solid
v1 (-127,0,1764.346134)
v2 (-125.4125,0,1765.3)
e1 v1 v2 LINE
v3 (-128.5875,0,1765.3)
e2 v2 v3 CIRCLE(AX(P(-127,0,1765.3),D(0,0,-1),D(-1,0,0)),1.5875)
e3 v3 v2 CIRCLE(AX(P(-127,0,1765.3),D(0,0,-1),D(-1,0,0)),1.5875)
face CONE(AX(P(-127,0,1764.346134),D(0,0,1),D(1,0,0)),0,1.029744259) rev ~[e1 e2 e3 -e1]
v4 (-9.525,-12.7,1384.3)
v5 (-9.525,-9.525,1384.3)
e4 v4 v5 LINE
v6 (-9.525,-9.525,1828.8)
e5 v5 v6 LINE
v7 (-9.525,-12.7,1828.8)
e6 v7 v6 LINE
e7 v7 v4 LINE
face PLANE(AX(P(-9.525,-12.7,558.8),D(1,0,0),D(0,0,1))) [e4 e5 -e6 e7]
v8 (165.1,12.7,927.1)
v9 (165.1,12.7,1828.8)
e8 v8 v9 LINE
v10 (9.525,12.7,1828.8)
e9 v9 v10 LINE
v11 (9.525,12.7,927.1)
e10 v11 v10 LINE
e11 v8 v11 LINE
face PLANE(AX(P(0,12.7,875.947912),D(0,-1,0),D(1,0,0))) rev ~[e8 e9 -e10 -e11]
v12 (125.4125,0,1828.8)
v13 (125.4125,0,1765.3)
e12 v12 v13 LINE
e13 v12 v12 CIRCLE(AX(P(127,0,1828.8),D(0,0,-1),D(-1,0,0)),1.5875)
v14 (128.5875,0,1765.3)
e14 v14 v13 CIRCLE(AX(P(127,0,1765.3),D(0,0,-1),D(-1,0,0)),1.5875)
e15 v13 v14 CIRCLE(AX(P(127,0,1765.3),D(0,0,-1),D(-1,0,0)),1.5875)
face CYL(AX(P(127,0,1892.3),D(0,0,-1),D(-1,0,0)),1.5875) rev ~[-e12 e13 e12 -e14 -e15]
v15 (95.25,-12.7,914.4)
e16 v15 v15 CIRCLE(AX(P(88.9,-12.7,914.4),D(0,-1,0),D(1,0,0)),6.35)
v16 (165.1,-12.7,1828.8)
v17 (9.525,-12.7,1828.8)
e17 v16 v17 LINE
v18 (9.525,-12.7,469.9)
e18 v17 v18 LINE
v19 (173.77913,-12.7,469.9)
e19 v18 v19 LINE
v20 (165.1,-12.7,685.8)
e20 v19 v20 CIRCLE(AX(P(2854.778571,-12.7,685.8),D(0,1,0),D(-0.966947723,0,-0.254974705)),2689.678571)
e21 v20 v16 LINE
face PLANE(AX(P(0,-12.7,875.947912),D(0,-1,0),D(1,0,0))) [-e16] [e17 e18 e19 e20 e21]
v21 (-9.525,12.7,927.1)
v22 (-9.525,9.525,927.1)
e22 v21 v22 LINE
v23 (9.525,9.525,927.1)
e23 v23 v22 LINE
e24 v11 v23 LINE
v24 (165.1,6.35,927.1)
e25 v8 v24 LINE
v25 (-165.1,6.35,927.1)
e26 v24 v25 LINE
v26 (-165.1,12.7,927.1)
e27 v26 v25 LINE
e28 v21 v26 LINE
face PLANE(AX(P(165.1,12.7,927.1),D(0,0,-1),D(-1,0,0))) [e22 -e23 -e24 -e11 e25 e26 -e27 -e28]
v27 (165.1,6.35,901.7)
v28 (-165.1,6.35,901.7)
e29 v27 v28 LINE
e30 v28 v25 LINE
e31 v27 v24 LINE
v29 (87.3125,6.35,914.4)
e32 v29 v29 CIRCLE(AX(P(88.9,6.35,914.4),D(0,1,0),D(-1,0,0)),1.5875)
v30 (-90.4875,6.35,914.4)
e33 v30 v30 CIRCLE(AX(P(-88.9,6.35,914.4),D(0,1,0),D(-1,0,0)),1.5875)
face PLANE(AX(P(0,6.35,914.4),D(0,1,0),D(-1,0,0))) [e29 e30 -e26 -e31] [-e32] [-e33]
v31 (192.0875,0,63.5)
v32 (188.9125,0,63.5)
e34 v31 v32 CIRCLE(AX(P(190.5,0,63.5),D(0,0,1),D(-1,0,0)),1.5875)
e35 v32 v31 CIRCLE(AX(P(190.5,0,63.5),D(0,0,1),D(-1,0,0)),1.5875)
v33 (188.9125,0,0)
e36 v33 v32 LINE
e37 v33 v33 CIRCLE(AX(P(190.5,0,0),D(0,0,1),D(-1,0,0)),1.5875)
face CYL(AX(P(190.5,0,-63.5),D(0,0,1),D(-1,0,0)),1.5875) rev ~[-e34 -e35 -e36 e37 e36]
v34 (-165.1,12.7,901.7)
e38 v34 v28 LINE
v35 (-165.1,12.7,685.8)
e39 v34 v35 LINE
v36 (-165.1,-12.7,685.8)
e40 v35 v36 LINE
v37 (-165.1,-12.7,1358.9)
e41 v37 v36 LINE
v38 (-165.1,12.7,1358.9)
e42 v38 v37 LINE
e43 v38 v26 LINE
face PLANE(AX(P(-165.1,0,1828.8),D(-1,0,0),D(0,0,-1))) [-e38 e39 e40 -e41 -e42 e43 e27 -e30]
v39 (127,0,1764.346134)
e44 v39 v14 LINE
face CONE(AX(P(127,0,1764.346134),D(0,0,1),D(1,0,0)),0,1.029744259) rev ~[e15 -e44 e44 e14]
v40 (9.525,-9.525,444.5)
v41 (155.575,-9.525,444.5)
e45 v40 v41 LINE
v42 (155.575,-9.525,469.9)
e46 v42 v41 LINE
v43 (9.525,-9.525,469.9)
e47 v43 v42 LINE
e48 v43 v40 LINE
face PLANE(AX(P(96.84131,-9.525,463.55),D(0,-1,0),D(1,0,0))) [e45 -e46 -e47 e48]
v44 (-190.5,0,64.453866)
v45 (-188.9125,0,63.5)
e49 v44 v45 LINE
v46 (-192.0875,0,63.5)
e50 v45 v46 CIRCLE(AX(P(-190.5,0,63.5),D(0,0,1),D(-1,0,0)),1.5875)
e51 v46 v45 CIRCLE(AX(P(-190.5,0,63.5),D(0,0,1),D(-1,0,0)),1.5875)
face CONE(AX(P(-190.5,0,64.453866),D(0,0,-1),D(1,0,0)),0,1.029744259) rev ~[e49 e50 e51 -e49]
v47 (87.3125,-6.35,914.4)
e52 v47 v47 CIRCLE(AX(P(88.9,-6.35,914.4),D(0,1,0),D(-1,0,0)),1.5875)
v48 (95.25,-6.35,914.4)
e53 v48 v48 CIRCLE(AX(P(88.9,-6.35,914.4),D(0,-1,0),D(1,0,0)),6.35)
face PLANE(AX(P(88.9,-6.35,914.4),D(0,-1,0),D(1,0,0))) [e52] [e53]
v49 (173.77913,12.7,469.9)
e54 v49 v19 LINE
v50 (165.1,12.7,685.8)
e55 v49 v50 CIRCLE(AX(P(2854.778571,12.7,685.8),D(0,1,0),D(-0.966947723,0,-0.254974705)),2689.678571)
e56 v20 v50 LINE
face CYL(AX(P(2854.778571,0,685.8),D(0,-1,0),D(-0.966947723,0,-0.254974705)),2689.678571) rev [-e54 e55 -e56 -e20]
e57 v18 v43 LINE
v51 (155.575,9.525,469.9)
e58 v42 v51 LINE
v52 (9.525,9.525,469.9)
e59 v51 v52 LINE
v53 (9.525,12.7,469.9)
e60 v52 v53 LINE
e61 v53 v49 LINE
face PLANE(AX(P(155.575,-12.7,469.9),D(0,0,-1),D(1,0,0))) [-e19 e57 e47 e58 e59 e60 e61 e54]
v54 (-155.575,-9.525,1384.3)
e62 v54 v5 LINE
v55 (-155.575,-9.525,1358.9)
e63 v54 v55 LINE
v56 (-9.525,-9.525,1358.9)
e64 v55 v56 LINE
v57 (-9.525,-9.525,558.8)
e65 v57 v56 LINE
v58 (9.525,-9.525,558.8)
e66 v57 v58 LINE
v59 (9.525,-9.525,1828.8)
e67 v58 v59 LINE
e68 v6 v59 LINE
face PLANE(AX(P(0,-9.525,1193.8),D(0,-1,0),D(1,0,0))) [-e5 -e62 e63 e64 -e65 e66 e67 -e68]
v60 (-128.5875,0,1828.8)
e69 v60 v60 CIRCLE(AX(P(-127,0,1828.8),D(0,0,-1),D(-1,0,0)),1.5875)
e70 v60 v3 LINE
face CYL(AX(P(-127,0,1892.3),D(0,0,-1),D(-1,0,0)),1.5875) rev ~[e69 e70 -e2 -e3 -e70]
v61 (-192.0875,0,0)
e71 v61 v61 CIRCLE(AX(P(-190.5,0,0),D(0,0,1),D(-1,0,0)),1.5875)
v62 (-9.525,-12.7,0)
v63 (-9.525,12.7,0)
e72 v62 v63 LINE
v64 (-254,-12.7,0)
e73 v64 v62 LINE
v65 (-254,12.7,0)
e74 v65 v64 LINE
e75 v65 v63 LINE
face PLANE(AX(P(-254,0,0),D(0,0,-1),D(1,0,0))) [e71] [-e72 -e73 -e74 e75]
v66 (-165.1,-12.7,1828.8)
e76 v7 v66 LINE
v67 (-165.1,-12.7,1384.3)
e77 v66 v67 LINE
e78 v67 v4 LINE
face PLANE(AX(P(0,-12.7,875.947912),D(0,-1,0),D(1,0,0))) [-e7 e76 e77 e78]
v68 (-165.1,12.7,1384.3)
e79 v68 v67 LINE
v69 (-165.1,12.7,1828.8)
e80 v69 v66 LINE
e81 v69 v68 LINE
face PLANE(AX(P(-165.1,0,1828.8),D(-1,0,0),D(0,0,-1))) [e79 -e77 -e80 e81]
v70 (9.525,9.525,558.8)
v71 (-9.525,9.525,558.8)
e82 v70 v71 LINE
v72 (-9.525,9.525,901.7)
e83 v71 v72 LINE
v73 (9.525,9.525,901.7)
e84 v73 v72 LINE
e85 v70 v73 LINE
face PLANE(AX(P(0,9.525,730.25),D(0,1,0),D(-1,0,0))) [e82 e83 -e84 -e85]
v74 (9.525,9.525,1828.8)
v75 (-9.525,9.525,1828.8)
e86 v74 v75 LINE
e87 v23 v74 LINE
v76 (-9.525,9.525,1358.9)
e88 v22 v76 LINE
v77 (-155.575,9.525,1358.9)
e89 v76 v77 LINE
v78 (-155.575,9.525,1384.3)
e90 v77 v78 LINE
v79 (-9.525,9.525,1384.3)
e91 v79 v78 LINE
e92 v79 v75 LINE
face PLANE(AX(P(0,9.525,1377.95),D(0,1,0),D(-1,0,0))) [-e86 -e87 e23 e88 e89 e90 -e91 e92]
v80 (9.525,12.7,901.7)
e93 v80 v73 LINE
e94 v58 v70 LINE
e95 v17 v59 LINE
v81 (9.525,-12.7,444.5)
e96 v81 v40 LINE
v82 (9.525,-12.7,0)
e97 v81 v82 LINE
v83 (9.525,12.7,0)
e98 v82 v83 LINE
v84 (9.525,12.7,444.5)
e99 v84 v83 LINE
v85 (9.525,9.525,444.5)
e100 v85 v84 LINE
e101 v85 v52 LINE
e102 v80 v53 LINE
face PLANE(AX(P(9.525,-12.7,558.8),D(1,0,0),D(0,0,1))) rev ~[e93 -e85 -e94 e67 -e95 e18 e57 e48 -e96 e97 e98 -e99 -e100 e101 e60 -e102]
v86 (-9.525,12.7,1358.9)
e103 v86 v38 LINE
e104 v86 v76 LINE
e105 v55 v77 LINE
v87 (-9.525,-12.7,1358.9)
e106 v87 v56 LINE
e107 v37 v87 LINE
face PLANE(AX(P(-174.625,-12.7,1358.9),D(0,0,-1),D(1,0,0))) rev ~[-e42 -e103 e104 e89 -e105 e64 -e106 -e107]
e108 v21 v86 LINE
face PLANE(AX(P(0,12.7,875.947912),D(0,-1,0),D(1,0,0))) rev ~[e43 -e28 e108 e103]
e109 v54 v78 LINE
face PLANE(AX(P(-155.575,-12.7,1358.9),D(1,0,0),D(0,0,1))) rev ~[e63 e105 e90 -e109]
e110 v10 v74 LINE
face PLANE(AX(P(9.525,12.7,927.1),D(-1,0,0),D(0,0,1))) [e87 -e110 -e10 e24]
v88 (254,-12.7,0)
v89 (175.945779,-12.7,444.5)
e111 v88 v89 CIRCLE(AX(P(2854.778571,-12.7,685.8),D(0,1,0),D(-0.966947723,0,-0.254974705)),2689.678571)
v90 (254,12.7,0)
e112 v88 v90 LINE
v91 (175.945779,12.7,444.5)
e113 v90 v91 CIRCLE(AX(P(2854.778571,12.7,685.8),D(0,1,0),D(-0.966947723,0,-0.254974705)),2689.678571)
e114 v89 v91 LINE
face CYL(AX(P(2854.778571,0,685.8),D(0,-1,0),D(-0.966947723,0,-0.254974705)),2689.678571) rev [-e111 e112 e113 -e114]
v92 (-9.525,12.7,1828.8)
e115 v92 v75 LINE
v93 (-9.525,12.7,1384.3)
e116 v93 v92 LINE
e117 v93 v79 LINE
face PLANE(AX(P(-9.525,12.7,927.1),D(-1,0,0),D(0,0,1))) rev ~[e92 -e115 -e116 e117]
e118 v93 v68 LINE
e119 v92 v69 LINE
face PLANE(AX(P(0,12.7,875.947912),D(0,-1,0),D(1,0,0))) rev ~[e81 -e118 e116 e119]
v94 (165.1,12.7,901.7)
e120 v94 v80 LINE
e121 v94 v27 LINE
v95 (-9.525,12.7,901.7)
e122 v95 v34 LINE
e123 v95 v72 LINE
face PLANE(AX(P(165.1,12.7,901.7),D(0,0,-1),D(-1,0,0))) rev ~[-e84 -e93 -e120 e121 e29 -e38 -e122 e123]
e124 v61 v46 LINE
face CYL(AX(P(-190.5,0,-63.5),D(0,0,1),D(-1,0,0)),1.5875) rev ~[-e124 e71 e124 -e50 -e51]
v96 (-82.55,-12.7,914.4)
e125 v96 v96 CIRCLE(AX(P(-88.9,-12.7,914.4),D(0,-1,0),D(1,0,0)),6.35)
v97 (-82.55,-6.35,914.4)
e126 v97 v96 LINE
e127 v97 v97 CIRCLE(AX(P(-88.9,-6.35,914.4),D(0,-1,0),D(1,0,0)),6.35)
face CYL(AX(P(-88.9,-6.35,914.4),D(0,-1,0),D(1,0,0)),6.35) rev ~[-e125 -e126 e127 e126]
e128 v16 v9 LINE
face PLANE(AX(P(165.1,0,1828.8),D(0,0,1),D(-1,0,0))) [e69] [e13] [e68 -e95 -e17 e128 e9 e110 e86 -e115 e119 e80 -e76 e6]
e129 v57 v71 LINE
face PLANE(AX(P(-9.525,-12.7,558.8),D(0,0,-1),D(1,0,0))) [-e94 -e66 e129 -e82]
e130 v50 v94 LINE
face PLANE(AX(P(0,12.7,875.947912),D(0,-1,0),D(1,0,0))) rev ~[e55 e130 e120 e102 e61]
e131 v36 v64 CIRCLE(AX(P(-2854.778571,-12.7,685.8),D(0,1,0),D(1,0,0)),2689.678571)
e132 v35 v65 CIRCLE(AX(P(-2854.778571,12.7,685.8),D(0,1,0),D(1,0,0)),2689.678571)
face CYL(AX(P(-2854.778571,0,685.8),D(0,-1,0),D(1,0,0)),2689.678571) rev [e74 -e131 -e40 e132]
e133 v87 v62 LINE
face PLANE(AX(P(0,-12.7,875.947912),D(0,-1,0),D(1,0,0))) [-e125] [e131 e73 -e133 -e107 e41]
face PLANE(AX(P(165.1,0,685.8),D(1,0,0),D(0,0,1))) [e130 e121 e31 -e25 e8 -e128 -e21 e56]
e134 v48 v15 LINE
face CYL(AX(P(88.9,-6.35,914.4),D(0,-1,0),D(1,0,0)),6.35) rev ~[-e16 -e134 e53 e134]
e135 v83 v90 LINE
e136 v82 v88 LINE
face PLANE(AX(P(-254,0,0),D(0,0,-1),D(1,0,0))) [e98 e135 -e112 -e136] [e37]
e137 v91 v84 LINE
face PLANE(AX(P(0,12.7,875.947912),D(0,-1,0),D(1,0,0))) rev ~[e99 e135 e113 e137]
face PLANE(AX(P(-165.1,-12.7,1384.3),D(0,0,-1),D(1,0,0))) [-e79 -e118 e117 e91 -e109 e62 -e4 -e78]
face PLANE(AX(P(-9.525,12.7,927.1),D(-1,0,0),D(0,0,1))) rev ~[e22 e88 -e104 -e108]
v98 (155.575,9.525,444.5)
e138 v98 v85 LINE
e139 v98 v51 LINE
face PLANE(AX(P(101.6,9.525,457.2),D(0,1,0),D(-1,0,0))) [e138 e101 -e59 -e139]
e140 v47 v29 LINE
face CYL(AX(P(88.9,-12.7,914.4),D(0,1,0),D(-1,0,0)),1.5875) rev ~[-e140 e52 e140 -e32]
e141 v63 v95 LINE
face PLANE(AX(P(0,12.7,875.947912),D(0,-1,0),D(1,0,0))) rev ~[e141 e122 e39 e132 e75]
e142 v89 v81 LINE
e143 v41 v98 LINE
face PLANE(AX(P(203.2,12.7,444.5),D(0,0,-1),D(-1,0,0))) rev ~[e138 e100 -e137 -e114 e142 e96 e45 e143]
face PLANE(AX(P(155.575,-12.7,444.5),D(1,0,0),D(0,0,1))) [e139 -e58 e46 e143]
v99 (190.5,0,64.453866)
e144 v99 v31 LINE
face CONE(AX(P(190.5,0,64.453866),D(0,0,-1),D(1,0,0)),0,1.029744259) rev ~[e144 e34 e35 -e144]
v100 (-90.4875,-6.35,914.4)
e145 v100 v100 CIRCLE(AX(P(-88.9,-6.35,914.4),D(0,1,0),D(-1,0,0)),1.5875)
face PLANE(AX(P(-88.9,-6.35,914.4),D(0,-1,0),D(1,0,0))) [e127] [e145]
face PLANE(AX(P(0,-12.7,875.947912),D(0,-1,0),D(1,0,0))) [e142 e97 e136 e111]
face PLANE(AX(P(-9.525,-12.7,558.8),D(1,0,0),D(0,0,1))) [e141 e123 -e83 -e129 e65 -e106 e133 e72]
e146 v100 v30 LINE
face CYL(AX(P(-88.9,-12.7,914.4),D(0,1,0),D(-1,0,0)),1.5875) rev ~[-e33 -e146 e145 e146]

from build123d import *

# Parameters (mm, degrees)
F1_DEPTH       = 12.7
F28_W          = 19.05
F28_H          = 558.8
F29_DEPTH      = 25.4
F3_D           = 3.175
F3_DEPTH       = 63.5
F3_CBORE_D     = 12.7
F3_CBORE_DEPTH = 6.35
F3_TIP         = 0.9538662327
F5_D           = 3.175
F5_DEPTH       = 63.5
F5_TIP         = 0.9538662327
F7_D           = 3.175
F7_DEPTH       = 63.5
F7_TIP         = 0.9538662327
F8_W           = 330.2
F8_H           = 25.4
F9_DEPTH       = 6.35
F10_W          = 19.05
F10_H          = 1270
F11_DEPTH      = 3.175
F12_W          = 19.05
F12_H          = 342.9
F13_DEPTH      = 3.175
F14_W          = 19.05
F14_H          = 901.7
F15_DEPTH      = 3.175
F17_W          = 50.8
F17_H          = 25.4
F18_DEPTH      = 25.4
F16_W          = 193.68262
F16_H          = 12.7
F19_DEPTH      = 3.175
F20_W          = 203.2
F20_H          = 25.4
F21_DEPTH      = 3.175
F22_W          = 19.05
F22_H          = 25.4
F23_DEPTH      = 25.4
F24_W          = 158.75
F24_H          = 25.4
F25_DEPTH      = 3.175
F26_W          = 158.75
F26_H          = 25.4
F27_DEPTH      = 3.175


with BuildPart() as f1:
    # F0 (on Front) → F1 (new body, symmetric)
    with BuildSketch(Plane.XZ):
        with BuildLine():
            Line((165.1, 1828.8), (0, 1828.8))
            Line((0, 1828.8), (-165.1, 1828.8))
            Line((-165.1, 1828.8), (-165.1, 685.8))
            ThreePointArc((-165.1, 685.8), (-187.4175900274, 340.0309838924), (-254, 0))
            Line((-254, 0), (0, 0))
            Line((0, 0), (254, 0))
            ThreePointArc((254, 0), (187.4175900273, 340.0309838924), (165.1, 685.8))
            Line((165.1, 685.8), (165.1, 1828.8))
        make_face()
    extrude(amount=F1_DEPTH, both=True)

    # F28 (on face) → F29 (cut)
    with BuildSketch(Plane.XZ.offset(12.7)):
        with Locations((0, 279.4)):
            Rectangle(F28_W, F28_H)
    extrude(amount=-F29_DEPTH, mode=Mode.SUBTRACT)

    # F3
    with Locations(Plane.XZ.offset(12.7)):
        with Locations((-88.9, 914.4), (88.9, 914.4)):
            CounterBoreHole(F3_D / 2, F3_CBORE_D / 2, F3_CBORE_DEPTH, depth=F3_DEPTH)
            with Locations((0, 0, -(F3_DEPTH + F3_TIP / 2))):  # 118° drill point
                Cone(0, F3_D / 2, F3_TIP, mode=Mode.SUBTRACT)

    # F5
    with Locations(Plane.XY.offset(1828.8)):
        with Locations((-127, 0), (127, 0)):
            Hole(F5_D / 2, depth=F5_DEPTH)
            with Locations((0, 0, -(F5_DEPTH + F5_TIP / 2))):  # 118° drill point
                Cone(0, F5_D / 2, F5_TIP, mode=Mode.SUBTRACT)

    # F7
    with Locations(Plane(origin=(0, 0, 0), x_dir=(1, 0, 0), z_dir=(0, 0, -1))):
        with Locations((-190.5, 0), (190.5, 0)):
            Hole(F7_D / 2, depth=F7_DEPTH)
            with Locations((0, 0, -(F7_DEPTH + F7_TIP / 2))):  # 118° drill point
                Cone(0, F7_D / 2, F7_TIP, mode=Mode.SUBTRACT)

    # F8 (on face) → F9 (cut)
    with BuildSketch(Plane(origin=(0, 12.7, 0), x_dir=(-1, 0, 0), z_dir=(0, 1, 0))):
        with Locations((0, 914.4)):
            Rectangle(F8_W, F8_H)
    extrude(amount=-F9_DEPTH, mode=Mode.SUBTRACT)

    # F10 (on face) → F11 (cut)
    with BuildSketch(Plane.XZ.offset(12.7)):
        with Locations((0, 1193.8)):
            Rectangle(F10_W, F10_H)
    extrude(amount=-F11_DEPTH, mode=Mode.SUBTRACT)

    # F12 (on face) → F13 (cut)
    with BuildSketch(Plane(origin=(0, 12.7, 0), x_dir=(-1, 0, 0), z_dir=(0, 1, 0))):
        with Locations((0, 730.25)):
            Rectangle(F12_W, F12_H)
    extrude(amount=-F13_DEPTH, mode=Mode.SUBTRACT)

    # F14 (on face) → F15 (cut)
    with BuildSketch(Plane(origin=(0, 12.7, 0), x_dir=(-1, 0, 0), z_dir=(0, 1, 0))):
        with Locations((0, 1377.95)):
            Rectangle(F14_W, F14_H)
    extrude(amount=-F15_DEPTH, mode=Mode.SUBTRACT)

    # F17 (on face) → F18 (cut)
    with BuildSketch(Plane.XZ.offset(12.7)):
        with Locations((180.975, 457.2)):
            Rectangle(F17_W, F17_H)
    extrude(amount=-F18_DEPTH, mode=Mode.SUBTRACT)

    # F16 (on face) → F19 (cut)
    with BuildSketch(Plane.XZ.offset(12.7)):
        with Locations((96.84131, 463.55)):
            Rectangle(F16_W, F16_H)
        with Locations((96.84131, 450.85)):
            Rectangle(F16_W, F16_H)
    extrude(amount=-F19_DEPTH, mode=Mode.SUBTRACT)

    # F20 (on face) → F21 (cut)
    with BuildSketch(Plane(origin=(0, 12.7, 0), x_dir=(-1, 0, 0), z_dir=(0, 1, 0))):
        with Locations((-101.6, 457.2)):
            Rectangle(F20_W, F20_H)
    extrude(amount=-F21_DEPTH, mode=Mode.SUBTRACT)

    # F22 (on face) → F23 (cut)
    with BuildSketch(Plane.XZ.offset(12.7)):
        with Locations((-165.1, 1371.6)):
            Rectangle(F22_W, F22_H)
    extrude(amount=-F23_DEPTH, mode=Mode.SUBTRACT)

    # F24 (on face) → F25 (cut)
    with BuildSketch(Plane.XZ.offset(12.7)):
        with Locations((-85.725, 1371.6)):
            Rectangle(F24_W, F24_H)
    extrude(amount=-F25_DEPTH, mode=Mode.SUBTRACT)

    # F26 (on face) → F27 (cut)
    with BuildSketch(Plane(origin=(0, 12.7, 0), x_dir=(-1, 0, 0), z_dir=(0, 1, 0))):
        with Locations((85.725, 1371.6)):
            Rectangle(F26_W, F26_H)
    extrude(amount=-F27_DEPTH, mode=Mode.SUBTRACT)


solid = f1.part
